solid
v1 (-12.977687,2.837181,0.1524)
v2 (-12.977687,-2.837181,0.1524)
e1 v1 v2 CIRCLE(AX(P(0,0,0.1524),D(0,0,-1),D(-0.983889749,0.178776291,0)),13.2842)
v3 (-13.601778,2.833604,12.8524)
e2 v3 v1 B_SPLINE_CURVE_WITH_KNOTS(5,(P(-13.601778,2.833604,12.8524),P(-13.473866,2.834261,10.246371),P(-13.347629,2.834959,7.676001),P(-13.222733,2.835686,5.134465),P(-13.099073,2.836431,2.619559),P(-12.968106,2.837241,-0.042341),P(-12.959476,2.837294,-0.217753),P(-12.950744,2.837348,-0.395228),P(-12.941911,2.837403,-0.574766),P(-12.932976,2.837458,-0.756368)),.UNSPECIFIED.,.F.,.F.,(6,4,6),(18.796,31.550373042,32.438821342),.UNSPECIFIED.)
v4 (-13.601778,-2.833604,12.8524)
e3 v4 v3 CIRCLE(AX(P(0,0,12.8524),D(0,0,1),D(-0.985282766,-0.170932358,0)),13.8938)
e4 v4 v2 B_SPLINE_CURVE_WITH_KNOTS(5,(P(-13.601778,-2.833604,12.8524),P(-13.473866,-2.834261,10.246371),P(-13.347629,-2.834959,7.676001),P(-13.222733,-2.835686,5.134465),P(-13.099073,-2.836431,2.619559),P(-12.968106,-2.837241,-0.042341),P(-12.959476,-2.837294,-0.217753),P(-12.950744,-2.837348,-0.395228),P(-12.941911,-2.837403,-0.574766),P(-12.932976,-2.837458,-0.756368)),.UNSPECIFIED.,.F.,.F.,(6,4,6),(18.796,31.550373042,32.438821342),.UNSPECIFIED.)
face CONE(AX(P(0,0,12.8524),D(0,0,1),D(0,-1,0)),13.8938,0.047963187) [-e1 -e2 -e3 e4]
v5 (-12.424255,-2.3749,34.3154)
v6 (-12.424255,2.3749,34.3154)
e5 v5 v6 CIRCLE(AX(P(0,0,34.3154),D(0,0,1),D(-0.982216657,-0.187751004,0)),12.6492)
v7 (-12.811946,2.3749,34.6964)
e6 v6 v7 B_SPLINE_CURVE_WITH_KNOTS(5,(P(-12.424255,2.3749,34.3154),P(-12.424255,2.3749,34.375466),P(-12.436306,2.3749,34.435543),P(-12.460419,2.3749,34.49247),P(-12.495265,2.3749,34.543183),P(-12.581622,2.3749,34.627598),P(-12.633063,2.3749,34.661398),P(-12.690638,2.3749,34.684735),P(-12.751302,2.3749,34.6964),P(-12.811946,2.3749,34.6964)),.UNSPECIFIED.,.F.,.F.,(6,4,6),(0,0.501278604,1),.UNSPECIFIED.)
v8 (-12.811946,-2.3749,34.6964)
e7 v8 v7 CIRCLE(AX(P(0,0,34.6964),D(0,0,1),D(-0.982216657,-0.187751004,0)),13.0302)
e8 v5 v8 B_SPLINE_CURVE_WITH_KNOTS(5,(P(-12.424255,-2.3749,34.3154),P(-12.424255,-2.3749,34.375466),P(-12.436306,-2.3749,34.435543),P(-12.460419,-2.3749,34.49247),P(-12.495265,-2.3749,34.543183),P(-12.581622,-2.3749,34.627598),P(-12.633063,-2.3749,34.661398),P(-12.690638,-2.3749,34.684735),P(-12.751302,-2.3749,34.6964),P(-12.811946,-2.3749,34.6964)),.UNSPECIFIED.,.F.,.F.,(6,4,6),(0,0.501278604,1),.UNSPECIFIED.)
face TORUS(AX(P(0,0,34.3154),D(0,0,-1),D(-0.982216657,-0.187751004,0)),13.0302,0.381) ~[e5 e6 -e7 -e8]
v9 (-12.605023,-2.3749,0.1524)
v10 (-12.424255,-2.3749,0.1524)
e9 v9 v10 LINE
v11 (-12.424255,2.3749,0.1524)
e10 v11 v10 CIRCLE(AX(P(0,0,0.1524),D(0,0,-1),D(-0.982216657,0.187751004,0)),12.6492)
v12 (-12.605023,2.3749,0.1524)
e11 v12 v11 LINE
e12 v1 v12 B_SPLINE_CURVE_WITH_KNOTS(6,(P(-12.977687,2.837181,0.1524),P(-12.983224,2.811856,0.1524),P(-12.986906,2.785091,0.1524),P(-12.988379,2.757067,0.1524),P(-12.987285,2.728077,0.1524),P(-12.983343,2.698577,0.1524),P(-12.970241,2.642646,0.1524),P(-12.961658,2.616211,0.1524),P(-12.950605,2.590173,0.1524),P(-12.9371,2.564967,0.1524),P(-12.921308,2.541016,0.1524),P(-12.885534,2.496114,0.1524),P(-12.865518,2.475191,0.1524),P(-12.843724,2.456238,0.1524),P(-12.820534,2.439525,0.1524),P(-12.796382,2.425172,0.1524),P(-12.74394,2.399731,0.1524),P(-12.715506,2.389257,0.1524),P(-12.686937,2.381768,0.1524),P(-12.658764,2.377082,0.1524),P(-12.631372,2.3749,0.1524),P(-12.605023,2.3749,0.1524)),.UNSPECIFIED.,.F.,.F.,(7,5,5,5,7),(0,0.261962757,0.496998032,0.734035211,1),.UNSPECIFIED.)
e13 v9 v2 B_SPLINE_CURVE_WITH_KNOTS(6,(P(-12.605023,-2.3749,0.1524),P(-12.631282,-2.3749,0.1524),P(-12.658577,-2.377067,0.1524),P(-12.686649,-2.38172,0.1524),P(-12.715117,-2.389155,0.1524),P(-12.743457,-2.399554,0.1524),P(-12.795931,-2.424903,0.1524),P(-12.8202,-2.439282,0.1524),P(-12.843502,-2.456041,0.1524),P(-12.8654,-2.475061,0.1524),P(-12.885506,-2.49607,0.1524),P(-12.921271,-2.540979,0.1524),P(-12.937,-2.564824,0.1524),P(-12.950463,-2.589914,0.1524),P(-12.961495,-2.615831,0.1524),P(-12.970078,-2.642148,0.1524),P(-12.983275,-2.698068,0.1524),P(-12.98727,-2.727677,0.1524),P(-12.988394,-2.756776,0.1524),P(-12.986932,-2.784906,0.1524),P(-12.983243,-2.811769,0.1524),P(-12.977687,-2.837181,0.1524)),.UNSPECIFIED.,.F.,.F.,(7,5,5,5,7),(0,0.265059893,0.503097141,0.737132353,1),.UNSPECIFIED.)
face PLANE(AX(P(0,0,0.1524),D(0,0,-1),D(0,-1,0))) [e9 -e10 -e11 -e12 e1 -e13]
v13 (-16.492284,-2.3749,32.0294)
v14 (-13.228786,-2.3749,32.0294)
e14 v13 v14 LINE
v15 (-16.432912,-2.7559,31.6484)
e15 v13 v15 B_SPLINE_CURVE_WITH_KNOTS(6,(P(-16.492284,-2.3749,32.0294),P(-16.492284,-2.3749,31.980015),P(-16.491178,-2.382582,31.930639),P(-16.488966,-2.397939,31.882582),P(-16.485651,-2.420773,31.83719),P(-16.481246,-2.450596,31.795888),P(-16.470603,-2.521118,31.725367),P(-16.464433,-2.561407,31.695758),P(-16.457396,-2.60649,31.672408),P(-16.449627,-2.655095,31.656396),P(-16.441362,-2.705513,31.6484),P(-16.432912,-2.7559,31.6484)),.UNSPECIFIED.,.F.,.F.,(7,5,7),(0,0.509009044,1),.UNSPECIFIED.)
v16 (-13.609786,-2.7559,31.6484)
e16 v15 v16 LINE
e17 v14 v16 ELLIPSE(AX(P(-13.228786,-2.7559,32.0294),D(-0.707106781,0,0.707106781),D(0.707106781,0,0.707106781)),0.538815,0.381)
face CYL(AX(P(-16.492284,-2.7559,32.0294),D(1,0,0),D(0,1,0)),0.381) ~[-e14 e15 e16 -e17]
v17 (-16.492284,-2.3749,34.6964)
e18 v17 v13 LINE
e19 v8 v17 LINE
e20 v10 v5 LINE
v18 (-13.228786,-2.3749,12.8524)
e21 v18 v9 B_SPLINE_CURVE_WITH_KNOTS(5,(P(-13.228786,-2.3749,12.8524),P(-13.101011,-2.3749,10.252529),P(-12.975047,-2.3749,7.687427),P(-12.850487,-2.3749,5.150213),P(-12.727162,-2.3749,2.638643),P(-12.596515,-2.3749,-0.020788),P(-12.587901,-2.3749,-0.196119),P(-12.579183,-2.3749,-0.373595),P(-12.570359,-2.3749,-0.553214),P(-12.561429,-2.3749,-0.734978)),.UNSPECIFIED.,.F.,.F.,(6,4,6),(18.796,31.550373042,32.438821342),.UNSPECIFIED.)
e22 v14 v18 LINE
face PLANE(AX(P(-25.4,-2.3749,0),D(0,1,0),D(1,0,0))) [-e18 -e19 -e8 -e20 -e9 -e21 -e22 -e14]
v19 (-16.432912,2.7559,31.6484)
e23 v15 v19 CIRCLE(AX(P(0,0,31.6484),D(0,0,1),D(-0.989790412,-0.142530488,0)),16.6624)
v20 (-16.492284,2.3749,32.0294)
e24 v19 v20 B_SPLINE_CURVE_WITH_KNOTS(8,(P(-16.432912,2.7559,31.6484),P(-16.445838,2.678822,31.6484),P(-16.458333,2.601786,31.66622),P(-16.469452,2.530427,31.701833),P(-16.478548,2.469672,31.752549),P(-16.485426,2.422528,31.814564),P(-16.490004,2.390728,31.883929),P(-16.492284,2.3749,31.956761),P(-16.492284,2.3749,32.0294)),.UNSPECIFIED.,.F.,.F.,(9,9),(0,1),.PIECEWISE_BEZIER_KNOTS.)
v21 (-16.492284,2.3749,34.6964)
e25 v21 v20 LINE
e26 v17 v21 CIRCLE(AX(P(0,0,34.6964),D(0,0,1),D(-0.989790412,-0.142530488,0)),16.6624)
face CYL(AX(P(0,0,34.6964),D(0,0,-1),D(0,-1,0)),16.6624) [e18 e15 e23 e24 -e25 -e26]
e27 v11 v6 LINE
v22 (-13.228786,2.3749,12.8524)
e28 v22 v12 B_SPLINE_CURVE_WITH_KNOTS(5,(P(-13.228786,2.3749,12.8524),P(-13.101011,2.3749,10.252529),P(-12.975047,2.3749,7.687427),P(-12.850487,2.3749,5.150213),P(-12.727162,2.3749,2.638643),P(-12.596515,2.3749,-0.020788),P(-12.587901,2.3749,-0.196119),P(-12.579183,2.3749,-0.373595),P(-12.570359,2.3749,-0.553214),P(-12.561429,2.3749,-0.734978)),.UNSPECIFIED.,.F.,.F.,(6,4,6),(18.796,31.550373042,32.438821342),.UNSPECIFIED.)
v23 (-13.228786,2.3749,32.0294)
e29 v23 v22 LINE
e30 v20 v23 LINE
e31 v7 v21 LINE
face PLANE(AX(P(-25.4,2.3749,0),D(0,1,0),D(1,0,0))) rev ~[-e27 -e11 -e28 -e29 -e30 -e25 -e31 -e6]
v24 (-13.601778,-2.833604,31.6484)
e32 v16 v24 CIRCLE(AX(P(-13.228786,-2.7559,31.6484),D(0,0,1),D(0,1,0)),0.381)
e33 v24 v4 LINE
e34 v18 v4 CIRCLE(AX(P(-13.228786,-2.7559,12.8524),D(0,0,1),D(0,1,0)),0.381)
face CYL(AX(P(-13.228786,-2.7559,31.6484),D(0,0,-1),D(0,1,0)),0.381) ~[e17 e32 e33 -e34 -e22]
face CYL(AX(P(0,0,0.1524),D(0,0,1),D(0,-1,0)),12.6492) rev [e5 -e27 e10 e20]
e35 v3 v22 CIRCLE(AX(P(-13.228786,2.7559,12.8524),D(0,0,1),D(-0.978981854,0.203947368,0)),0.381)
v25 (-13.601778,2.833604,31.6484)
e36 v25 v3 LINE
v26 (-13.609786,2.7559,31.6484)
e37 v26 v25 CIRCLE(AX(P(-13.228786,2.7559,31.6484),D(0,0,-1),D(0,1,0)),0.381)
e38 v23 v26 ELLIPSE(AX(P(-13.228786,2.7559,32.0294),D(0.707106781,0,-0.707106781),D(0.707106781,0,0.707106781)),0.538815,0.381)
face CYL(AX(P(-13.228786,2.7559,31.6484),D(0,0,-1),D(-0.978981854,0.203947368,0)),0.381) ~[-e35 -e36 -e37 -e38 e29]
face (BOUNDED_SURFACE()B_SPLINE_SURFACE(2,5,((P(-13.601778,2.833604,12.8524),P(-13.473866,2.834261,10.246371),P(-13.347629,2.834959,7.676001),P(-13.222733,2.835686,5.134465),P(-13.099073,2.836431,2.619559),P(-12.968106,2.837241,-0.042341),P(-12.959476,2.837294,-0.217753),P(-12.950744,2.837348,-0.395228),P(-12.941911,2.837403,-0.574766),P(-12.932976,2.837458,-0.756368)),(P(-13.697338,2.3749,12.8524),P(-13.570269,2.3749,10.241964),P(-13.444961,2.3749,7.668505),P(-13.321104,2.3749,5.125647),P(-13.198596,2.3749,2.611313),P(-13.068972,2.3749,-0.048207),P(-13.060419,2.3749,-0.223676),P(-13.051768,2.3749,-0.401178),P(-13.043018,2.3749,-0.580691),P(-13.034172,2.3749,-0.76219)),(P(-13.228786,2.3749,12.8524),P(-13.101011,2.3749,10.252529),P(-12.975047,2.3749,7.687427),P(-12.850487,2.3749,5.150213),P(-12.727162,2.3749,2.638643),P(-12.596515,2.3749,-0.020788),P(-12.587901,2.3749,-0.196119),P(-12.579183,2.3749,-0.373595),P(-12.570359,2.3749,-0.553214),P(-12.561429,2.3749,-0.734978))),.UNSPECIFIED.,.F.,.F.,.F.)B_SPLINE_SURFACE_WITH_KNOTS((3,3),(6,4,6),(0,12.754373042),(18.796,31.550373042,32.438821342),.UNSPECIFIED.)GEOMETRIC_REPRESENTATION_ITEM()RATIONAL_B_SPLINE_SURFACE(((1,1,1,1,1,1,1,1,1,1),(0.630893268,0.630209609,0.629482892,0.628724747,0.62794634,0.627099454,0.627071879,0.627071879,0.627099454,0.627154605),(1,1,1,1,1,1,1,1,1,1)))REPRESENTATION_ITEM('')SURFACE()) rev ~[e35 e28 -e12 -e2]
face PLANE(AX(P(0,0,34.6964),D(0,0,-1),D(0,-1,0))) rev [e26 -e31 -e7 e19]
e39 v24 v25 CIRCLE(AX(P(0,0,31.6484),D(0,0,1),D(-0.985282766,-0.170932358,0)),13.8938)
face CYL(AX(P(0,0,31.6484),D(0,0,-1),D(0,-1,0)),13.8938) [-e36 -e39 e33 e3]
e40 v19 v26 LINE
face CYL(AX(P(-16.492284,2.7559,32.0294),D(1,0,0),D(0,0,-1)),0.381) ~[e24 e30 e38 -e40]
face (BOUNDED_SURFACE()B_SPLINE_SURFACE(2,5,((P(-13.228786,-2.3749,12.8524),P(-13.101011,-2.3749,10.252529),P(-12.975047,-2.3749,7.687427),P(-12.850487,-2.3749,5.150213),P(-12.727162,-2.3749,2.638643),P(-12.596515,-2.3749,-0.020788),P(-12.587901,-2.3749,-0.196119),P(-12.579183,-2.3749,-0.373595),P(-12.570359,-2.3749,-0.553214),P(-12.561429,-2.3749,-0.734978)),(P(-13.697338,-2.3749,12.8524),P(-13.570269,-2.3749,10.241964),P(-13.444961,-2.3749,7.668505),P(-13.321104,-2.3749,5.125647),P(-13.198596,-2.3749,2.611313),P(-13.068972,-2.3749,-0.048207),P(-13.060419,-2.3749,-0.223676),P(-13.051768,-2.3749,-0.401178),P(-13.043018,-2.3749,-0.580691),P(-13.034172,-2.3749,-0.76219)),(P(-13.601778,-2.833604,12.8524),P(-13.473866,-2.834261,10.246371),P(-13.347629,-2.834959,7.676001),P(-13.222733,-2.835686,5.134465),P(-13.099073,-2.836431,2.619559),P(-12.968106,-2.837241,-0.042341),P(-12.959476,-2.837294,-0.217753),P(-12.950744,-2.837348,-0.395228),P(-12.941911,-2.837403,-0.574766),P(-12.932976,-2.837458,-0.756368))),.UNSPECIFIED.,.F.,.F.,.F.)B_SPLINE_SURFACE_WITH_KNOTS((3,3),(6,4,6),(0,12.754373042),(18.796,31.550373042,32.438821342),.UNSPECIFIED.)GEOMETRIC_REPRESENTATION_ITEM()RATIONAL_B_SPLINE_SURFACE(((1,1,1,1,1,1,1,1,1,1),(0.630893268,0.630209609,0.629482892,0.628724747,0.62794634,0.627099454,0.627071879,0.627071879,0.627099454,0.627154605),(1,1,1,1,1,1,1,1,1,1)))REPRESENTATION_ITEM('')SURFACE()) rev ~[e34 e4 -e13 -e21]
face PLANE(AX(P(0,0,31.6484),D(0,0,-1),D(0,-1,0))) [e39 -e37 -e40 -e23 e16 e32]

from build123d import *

# Parameters (mm, degrees)
F2_W     = 25.146
F2_H     = 4.7498
F3_DEPTH = 34.6974
F4_R     = 0.381


with BuildPart() as f1:
    # F0 (on Right) → F1 (revolve)
    with BuildSketch(Plane.YZ):
        Polygon((-12.6492, 0.1524), (-12.6492, 34.6964), (-16.6624, 34.6964), (-16.6624, 31.6484), (-13.8938, 31.6484), (-13.8938, 12.8524), (-13.2842, 0.1524), align=None)
    revolve(axis=Axis((0, 0, 4.6482), (0, 0, -1)))

    # F2 (on Top) → F3 (cut, through all)
    with BuildSketch(Plane.XY):
        with Locations((-12.827, 0)):
            Rectangle(F2_W, F2_H)
    extrude(amount=F3_DEPTH, mode=Mode.SUBTRACT)

    # F4
    f4_edges = [f1.edges().sort_by_distance(p)[0] for p in [
        (-13.379864, -2.3749, 6.502395),
        (-13.689322, -2.3749, 22.2504),
        (-13.379864, 2.3749, 6.502395),
        (-13.689322, 2.3749, 22.2504),
        (-15.090803, -2.3749, 31.6484),
        (-15.090803, 2.3749, 31.6484),
        (12.6492, 0, 34.6964),
        (13.8938, 0, 12.8524),
    ]]
    fillet(f4_edges, radius=F4_R)


solid = f1.part
